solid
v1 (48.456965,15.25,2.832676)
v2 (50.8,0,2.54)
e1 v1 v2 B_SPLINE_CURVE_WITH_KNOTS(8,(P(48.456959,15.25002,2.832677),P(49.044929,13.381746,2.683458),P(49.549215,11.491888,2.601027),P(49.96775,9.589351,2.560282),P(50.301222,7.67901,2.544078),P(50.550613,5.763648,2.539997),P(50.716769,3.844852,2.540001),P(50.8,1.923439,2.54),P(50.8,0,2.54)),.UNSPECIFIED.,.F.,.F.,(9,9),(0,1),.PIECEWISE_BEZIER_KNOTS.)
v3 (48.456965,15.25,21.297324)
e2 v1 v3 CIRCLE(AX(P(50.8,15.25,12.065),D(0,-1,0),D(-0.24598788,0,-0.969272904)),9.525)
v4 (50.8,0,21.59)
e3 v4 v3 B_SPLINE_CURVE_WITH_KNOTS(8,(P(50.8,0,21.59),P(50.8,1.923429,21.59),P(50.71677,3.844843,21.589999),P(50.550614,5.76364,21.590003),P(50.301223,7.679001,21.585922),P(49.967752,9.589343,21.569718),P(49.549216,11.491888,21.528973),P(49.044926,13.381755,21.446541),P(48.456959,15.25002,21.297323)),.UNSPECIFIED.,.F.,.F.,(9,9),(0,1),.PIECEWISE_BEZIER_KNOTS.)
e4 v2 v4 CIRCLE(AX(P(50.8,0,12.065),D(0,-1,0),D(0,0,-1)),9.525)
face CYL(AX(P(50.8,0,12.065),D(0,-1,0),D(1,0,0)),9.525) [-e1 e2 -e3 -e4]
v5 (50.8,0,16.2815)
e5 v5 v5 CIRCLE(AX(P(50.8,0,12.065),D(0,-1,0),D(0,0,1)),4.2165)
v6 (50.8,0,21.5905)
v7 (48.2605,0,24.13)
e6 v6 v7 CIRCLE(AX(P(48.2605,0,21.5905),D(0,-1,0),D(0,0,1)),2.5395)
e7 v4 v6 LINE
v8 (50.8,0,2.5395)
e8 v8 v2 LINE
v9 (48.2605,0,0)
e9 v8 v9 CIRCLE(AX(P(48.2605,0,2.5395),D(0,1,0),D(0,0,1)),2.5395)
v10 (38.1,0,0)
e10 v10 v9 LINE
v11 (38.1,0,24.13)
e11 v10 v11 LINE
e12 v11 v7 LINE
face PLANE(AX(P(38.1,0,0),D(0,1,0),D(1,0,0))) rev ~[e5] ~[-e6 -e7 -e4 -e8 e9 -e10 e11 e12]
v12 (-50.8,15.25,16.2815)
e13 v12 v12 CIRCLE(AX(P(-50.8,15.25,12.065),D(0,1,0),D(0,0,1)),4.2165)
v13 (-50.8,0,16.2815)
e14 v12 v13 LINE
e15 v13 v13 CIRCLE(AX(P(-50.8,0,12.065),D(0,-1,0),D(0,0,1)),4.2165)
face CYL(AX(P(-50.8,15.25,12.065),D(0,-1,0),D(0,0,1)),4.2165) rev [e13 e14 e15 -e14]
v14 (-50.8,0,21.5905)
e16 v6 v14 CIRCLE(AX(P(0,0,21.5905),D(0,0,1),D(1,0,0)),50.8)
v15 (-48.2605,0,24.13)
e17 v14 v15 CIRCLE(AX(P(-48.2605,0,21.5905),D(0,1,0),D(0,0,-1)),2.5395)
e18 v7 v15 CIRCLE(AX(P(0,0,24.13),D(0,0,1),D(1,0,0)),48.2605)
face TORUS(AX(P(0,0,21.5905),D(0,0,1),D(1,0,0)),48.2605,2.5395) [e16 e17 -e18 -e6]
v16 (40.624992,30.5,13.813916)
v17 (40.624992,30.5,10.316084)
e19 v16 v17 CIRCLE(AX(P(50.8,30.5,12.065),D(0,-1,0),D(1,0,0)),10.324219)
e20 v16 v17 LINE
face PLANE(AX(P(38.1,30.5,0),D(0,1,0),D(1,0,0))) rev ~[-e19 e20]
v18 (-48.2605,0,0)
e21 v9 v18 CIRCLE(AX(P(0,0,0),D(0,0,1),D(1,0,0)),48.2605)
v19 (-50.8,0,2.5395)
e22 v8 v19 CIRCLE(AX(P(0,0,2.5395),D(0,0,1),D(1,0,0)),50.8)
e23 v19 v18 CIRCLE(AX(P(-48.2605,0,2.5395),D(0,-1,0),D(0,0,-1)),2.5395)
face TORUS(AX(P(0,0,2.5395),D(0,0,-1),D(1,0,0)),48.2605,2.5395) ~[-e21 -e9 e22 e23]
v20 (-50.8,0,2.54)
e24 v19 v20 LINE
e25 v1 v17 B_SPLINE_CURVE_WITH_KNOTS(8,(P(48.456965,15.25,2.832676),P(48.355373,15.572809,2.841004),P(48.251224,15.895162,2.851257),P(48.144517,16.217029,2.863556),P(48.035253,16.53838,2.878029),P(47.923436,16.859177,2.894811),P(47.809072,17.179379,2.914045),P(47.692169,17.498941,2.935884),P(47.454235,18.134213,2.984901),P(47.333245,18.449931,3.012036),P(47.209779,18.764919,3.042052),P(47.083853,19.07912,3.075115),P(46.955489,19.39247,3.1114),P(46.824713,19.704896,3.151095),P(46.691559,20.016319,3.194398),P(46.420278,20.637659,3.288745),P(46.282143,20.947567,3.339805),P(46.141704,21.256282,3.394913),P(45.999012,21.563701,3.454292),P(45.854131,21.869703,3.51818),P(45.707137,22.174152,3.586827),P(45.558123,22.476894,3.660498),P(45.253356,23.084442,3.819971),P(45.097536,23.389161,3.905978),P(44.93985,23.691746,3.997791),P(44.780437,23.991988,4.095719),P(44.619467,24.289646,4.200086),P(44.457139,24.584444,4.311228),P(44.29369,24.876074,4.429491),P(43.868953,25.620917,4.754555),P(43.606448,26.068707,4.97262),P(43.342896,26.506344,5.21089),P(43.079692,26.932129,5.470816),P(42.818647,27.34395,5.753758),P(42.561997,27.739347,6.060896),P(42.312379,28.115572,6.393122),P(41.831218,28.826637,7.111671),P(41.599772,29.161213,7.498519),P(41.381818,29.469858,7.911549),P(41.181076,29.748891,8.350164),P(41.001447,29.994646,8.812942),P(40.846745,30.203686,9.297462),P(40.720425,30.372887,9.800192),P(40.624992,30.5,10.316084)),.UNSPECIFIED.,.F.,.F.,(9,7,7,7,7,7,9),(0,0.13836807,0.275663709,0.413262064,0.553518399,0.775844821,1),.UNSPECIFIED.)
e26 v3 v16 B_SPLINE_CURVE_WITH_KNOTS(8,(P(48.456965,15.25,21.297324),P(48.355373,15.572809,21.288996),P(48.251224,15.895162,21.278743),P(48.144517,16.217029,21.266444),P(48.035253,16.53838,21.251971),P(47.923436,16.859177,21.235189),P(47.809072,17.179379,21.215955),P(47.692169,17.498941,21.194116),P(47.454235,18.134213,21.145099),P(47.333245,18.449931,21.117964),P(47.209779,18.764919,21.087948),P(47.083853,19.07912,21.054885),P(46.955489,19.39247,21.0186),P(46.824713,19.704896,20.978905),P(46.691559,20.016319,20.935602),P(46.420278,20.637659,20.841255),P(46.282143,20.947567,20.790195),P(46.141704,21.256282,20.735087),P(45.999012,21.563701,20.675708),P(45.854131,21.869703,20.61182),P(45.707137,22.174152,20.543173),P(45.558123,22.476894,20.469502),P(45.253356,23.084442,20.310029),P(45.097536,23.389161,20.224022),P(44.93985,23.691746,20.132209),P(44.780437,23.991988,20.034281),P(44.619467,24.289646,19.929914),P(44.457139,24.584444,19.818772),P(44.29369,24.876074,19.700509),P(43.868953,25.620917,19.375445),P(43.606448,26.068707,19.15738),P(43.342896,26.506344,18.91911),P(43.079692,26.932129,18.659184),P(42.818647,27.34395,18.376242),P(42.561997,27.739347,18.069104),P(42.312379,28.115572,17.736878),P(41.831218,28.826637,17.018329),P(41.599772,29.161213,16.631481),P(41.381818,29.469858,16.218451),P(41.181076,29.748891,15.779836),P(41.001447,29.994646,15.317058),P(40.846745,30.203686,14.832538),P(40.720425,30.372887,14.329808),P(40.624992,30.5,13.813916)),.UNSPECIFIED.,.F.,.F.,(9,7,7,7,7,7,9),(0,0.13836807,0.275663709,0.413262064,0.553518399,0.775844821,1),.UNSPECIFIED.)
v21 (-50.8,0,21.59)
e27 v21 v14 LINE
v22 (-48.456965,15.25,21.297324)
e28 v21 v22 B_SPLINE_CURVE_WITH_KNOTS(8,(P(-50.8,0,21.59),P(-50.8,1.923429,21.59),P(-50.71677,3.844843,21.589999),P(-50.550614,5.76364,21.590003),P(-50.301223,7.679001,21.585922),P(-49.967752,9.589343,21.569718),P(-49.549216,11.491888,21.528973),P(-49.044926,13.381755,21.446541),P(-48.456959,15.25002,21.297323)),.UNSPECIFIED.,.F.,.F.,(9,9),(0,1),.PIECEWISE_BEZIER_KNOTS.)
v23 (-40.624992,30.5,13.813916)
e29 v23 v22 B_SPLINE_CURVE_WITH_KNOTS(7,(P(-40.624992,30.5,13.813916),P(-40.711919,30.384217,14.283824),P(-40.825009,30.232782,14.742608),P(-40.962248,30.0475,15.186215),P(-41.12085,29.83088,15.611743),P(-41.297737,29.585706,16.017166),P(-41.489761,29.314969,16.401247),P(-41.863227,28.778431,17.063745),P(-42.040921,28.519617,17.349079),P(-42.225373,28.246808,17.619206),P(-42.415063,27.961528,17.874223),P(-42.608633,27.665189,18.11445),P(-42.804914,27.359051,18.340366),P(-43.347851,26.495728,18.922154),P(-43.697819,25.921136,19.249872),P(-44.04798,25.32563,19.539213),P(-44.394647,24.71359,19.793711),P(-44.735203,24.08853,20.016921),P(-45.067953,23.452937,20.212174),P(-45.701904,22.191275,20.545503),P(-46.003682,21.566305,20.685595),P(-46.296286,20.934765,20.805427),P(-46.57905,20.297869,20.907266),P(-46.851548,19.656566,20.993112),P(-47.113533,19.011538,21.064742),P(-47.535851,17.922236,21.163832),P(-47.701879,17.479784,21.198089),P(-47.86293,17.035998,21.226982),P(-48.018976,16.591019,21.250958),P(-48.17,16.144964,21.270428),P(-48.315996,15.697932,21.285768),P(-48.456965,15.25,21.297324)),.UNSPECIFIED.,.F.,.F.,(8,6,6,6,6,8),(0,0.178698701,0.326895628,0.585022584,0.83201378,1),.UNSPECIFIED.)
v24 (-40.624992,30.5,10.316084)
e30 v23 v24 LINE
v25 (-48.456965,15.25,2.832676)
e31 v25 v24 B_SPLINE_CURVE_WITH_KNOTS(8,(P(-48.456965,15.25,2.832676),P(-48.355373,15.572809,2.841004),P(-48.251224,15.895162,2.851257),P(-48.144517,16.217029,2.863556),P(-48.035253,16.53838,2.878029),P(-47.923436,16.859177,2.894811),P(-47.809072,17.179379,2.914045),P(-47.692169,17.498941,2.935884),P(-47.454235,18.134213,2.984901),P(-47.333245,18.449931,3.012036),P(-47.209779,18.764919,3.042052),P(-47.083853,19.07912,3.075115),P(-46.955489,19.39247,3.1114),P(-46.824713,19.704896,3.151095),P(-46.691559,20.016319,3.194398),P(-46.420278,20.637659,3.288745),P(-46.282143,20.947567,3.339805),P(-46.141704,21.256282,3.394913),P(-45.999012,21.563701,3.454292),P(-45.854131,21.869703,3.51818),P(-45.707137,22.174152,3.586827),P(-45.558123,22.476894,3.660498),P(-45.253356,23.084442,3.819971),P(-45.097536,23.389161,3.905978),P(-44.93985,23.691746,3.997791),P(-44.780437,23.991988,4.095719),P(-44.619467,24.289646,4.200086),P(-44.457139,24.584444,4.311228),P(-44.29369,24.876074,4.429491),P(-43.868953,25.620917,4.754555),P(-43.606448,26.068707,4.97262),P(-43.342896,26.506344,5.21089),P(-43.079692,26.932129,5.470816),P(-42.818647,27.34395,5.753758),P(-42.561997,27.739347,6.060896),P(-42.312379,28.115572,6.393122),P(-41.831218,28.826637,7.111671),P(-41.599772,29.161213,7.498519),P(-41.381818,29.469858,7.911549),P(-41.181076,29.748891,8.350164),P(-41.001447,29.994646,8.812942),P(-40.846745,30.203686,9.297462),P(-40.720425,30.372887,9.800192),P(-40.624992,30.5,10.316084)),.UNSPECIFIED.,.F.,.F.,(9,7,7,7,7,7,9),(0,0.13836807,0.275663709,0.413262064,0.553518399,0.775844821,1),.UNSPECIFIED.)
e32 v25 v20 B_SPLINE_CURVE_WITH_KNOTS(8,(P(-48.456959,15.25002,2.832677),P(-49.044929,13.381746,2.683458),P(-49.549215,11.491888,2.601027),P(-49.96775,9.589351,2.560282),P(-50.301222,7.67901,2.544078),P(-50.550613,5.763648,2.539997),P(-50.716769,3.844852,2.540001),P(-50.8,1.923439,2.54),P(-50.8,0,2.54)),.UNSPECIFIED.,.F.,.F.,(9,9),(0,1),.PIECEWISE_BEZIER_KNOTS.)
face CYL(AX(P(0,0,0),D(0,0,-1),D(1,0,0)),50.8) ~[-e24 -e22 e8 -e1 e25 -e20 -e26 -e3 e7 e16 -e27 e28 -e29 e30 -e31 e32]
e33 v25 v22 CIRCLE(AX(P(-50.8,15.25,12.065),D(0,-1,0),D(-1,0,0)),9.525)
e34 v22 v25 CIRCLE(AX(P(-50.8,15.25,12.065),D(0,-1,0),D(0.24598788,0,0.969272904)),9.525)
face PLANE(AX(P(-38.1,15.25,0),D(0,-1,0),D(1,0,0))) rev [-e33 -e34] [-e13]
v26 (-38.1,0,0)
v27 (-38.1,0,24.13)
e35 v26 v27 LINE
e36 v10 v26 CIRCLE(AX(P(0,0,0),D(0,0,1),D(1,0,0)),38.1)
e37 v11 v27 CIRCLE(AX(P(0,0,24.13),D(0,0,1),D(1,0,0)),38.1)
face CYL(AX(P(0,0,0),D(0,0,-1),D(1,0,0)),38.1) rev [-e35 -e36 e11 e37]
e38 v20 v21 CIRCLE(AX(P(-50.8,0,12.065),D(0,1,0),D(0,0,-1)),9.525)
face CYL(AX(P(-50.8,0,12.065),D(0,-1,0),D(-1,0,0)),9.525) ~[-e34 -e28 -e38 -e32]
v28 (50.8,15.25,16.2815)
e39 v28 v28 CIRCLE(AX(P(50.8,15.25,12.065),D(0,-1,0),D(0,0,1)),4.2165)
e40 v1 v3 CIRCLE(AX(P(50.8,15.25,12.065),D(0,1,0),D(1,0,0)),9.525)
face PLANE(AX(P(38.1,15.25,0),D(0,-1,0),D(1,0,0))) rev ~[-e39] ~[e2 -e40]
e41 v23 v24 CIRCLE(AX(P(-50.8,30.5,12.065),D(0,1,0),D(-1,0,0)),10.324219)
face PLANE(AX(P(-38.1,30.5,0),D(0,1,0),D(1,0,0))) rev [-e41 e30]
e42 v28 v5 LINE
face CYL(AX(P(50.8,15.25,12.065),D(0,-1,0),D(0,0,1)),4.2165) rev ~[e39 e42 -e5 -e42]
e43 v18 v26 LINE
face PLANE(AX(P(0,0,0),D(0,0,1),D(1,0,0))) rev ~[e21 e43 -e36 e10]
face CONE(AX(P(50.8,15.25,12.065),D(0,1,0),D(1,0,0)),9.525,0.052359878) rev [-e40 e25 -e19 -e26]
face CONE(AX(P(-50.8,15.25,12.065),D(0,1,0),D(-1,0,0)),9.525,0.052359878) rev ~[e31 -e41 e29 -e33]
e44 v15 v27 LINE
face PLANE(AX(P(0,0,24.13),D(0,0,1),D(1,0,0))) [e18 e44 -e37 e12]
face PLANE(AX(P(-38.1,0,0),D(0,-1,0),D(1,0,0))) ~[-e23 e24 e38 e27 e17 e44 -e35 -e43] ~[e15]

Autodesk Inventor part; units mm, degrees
ref_plane "YZ Plane" through (0, 0, 0) normal (1, 0, 0) x (0, 1, 0)
ref_plane "XZ Plane" through (0, 0, 0) normal (0, 1, 0) x (-1, 0, 0)
ref_plane "XY Plane" through (0, 0, 0) normal (0, 0, 1) x (1, 0, 0)
sketch "Sketch1" plane through (0, 0, 0) normal (0, 0, 1) x (1, 0, 0)
  arc A0 (38.1, 0) -> (-38.1, 0) centre (0, 0) ccw
  arc A1 (50.8, 0) -> (-50.8, 0) centre (0, 0) ccw
  line L0 (-50.8, 0) -> (-38.1, 0)
  line L1 (38.1, 0) -> (50.8, 0)
  dimension "d0" = 76.2
  dimension "d1" = 12.7
extrude "Extrusion1" add sketch "Sketch1" along normal blind 24.13
sketch "Sketch2" plane through (38.1, 0, 0) normal (0, -1, 0) x (1, 0, 0)
  line L0 (12.7, 0) -> (12.7, 24.13) construction
  circle A0 centre (12.7, 12.065) radius 9.525
  point P0 (-38.1, 0)
  dimension "d4" = 19.05
extrude "Extrusion2" add sketch "Sketch2" against normal blind 15.25
sketch "Sketch3" plane through (38.1, 15.25, 0) normal (0, 1, 0) x (1, 0, 0)
  arc A0 (12.7, -21.59) -> (12.7, -2.54) centre (12.7, -12.065) ccw projected
  circle A1 centre (12.7, -12.065) radius 9.525
  point P0 (-38.1, 0)
  dimension "d7" = 19.05
extrude "Extrusion3" cut sketch "Sketch3" along normal blind 15.25 draft 3
sketch "Sketch4" plane through (38.1, 15.25, 0) normal (0, 1, 0) x (1, 0, 0)
  arc A0 (10.357, -21.2973) -> (10.357, -2.8327) centre (12.7, -12.065) ccw projected
  point P0 (-38.1, 0)
hole "Hole1" at (50.8, 15.25, 12.065) direction (0, -1, 0) diameter 8.433 end through all clearance for "Socket Head Cap Screw" size "5/16" standard "Ansi Unified Screw Threads"
mirror "Mirror1" about plane through (0, 0, 0) normal (1, 0, 0) of "Extrusion2", "Extrusion3", "Hole1"
fillet "Fillet1" radius 2.54 2 edges at (0, 50.8, 24.13) (0, 50.8, 0)
thread "Thread1" size "M9x1.25" class "6H" standard "ANSI Metric M Profile" full length
thread "Thread2" size "M9x1.25" class "6H" standard "ANSI Metric M Profile" full length
properties part number "Pistonhandattacher"
